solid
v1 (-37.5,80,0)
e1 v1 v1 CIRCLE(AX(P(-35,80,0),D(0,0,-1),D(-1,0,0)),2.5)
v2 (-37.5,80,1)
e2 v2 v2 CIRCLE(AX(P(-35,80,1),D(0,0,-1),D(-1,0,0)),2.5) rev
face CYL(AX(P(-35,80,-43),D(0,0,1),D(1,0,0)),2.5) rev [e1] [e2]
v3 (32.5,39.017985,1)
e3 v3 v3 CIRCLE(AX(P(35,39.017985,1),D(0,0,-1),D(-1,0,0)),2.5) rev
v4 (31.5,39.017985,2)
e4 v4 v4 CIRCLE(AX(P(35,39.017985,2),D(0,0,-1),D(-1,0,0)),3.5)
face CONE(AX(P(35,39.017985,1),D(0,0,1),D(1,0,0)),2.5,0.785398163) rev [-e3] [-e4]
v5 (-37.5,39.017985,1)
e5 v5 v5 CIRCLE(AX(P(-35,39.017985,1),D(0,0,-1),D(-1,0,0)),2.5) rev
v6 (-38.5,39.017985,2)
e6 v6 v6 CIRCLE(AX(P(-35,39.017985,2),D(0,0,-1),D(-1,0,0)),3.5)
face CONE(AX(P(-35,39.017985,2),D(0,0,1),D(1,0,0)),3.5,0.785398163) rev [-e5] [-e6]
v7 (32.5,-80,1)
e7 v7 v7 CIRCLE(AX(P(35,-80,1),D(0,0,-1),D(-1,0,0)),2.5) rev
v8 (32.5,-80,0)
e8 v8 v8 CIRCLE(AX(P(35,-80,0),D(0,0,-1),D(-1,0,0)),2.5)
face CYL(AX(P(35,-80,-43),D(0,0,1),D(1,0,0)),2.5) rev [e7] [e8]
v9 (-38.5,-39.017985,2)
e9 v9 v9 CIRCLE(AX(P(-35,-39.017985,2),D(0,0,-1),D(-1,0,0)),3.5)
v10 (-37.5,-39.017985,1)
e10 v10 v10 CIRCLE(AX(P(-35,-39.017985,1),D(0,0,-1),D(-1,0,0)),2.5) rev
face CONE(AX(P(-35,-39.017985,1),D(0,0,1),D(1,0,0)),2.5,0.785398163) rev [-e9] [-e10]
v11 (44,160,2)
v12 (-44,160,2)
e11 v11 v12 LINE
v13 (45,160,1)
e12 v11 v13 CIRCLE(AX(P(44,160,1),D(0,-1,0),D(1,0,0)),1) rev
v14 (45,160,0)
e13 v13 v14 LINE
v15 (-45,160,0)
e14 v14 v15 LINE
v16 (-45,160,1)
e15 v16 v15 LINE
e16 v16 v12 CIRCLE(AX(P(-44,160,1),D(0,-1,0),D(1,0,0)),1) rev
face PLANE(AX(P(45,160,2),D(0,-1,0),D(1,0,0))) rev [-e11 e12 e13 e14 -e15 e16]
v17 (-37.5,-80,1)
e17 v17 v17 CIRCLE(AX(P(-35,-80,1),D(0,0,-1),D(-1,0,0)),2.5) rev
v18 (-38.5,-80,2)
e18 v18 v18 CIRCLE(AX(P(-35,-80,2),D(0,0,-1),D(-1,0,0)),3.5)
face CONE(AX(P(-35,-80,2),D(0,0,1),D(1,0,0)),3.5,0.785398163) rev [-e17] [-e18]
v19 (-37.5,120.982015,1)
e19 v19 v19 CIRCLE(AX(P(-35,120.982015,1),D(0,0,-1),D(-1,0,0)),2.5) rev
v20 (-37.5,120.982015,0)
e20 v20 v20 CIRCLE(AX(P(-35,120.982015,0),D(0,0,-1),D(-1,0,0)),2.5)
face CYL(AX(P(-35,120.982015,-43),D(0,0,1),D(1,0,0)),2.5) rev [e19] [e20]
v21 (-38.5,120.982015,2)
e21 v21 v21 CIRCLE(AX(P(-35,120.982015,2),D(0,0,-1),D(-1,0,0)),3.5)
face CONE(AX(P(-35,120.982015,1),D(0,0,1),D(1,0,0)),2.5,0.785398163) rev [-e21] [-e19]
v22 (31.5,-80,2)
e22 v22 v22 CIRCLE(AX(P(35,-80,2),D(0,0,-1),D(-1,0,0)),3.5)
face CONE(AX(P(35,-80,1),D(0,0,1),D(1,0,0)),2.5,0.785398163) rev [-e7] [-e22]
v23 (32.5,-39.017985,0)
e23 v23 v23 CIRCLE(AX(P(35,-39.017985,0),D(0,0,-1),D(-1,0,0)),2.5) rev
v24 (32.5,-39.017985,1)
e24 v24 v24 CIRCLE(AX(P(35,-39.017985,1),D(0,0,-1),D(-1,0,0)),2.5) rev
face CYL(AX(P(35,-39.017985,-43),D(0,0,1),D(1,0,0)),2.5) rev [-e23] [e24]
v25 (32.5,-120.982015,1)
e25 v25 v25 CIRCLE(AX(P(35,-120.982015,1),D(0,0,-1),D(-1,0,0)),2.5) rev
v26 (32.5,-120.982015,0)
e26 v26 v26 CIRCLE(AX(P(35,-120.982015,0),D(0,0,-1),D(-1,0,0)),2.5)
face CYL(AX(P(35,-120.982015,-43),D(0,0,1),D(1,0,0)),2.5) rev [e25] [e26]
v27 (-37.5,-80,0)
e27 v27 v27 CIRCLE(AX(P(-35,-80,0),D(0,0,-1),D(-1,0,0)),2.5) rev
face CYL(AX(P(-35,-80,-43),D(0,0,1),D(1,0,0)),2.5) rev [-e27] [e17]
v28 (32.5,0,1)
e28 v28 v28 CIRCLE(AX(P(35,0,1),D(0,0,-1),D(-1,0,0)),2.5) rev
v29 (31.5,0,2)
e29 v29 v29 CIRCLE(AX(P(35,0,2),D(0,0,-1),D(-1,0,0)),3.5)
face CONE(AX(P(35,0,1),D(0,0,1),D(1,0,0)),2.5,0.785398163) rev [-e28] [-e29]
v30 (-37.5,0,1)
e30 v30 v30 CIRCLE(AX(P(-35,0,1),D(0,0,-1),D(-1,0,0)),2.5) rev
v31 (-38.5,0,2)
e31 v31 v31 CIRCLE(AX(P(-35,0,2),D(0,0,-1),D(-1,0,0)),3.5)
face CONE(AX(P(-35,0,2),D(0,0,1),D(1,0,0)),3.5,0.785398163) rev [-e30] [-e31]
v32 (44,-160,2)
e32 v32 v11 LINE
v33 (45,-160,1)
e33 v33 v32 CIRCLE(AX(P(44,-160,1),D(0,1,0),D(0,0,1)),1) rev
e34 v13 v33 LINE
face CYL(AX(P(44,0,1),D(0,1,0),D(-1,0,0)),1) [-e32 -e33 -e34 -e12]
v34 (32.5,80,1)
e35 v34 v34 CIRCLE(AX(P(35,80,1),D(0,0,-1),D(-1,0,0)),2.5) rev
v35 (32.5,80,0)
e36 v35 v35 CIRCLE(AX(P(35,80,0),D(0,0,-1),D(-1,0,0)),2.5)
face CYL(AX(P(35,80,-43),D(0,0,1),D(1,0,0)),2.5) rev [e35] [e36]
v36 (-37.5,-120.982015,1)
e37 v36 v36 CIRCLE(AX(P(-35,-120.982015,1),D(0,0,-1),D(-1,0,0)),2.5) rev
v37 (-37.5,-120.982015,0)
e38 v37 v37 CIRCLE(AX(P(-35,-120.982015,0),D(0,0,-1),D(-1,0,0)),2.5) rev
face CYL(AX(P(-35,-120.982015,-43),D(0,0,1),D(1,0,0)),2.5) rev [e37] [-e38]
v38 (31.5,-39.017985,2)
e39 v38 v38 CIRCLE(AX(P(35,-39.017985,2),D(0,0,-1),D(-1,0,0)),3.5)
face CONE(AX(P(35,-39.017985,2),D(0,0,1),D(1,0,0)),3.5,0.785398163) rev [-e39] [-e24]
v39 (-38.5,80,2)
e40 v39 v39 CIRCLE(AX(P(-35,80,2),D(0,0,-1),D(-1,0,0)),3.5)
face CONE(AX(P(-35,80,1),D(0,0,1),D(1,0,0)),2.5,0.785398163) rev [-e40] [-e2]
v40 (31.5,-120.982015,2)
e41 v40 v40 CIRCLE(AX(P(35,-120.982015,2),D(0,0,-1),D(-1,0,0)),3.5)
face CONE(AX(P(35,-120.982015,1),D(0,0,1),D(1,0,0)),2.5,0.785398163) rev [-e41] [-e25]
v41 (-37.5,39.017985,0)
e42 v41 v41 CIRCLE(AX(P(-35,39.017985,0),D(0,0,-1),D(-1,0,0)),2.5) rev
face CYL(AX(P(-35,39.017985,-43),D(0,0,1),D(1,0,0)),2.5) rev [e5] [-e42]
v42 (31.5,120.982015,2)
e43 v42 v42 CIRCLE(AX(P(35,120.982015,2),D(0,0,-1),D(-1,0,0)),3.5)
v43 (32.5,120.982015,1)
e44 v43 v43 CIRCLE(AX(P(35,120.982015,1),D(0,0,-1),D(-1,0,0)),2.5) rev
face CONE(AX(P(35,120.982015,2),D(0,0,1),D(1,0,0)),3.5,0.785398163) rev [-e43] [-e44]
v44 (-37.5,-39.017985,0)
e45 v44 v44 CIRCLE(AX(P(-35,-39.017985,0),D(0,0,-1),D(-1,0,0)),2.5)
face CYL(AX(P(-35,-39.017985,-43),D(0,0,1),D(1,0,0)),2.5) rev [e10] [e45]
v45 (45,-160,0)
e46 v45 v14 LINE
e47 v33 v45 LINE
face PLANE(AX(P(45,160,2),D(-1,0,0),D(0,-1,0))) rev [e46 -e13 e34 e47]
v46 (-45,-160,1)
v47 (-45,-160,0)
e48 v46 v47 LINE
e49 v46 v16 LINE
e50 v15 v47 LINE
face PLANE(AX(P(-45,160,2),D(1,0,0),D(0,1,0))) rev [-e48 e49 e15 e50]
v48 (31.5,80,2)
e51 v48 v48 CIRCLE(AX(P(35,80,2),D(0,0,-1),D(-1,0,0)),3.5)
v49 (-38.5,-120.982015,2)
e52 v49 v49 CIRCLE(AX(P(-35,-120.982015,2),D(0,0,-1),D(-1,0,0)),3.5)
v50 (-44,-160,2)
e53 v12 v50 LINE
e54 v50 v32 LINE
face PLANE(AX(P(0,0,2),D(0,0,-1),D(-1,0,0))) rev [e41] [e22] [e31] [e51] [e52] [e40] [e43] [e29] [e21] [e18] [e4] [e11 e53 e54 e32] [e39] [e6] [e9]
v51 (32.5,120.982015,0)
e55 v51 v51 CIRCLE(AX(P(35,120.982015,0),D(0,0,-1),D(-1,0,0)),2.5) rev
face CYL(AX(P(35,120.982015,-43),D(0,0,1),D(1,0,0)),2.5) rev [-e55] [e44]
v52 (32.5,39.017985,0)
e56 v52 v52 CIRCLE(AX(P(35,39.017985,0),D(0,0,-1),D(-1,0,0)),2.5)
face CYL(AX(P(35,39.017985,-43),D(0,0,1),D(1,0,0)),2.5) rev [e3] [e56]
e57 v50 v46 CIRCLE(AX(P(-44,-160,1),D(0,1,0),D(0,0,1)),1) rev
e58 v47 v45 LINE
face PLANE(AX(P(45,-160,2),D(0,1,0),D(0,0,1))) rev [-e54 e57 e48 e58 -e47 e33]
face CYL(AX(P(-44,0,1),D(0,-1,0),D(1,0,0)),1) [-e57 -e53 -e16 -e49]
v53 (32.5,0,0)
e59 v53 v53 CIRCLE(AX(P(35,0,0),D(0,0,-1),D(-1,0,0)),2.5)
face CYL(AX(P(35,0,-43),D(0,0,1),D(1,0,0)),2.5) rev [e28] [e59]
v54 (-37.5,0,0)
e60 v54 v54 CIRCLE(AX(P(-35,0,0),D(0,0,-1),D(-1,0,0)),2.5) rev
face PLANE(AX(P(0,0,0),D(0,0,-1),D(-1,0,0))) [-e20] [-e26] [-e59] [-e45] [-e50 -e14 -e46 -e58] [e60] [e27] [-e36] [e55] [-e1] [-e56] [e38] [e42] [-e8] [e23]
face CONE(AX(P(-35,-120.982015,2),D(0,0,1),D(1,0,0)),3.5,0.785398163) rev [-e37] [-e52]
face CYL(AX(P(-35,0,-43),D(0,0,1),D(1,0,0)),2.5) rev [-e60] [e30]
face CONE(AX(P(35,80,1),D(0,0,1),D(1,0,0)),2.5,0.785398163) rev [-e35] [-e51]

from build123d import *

# Parameters (mm, degrees)
ESQUISSE1_W             = 90
ESQUISSE1_H             = 320
BOSS_EXTRU_1_DEPTH      = 2
ESQUISSE2_R             = 2.5
ENL_V_MAT_EXTRU_1_DEPTH = 45
CONG_2_R                = 1
CHANFREIN1_SIZE         = 1


with BuildPart() as part:
    # Esquisse1 → Boss.-Extru.1 (new body)
    with BuildSketch(Plane.XY):
        Rectangle(ESQUISSE1_W, ESQUISSE1_H)
    extrude(amount=BOSS_EXTRU_1_DEPTH)

    # Esquisse2 → Enlèv. mat.-Extru.1 (cut)
    with BuildSketch(Plane.XY.offset(2)):
        with Locations((-35, 120.982014683)):
            Circle(ESQUISSE2_R)
        with Locations((35, 120.982014683)):
            Circle(ESQUISSE2_R)
        with Locations((35, 80)):
            Circle(ESQUISSE2_R)
        with Locations((-35, 80)):
            Circle(ESQUISSE2_R)
        with Locations((-35, 39.017985317)):
            Circle(ESQUISSE2_R)
        with Locations((35, 39.017985317)):
            Circle(ESQUISSE2_R)
        with Locations((35, 0)):
            Circle(ESQUISSE2_R)
        with Locations((-35, 0)):
            Circle(ESQUISSE2_R)
        with Locations((-35, -39.017985317)):
            Circle(ESQUISSE2_R)
        with Locations((35, -39.017985317)):
            Circle(ESQUISSE2_R)
        with Locations((35, -80)):
            Circle(ESQUISSE2_R)
        with Locations((-35, -80)):
            Circle(ESQUISSE2_R)
        with Locations((35, -120.982014683)):
            Circle(ESQUISSE2_R)
        with Locations((-35, -120.982014683)):
            Circle(ESQUISSE2_R)
    extrude(amount=-ENL_V_MAT_EXTRU_1_DEPTH, mode=Mode.SUBTRACT)

    # Congé2
    cong_2_edges = [part.edges().sort_by_distance(p)[0] for p in [
        (45, 0, 2),
        (-45, 0, 2),
    ]]
    fillet(cong_2_edges, radius=CONG_2_R)

    # Chanfrein1
    chanfrein1_edges = [part.edges().sort_by_distance(p)[0] for p in [
        (-37.5, -39.017985317, 2),
        (-37.5, 0, 2),
        (32.5, 0, 2),
        (32.5, 39.017985317, 2),
        (-37.5, 39.017985317, 2),
        (-37.5, 80, 2),
        (32.5, 80, 2),
        (32.5, 120.982014683, 2),
        (-37.5, -120.982014683, 2),
        (32.5, -39.017985317, 2),
        (32.5, -80, 2),
        (-37.5, -80, 2),
        (32.5, -120.982014683, 2),
        (-37.5, 120.982014683, 2),
    ]]
    chamfer(chanfrein1_edges, length=CHANFREIN1_SIZE)


solid = part.part
